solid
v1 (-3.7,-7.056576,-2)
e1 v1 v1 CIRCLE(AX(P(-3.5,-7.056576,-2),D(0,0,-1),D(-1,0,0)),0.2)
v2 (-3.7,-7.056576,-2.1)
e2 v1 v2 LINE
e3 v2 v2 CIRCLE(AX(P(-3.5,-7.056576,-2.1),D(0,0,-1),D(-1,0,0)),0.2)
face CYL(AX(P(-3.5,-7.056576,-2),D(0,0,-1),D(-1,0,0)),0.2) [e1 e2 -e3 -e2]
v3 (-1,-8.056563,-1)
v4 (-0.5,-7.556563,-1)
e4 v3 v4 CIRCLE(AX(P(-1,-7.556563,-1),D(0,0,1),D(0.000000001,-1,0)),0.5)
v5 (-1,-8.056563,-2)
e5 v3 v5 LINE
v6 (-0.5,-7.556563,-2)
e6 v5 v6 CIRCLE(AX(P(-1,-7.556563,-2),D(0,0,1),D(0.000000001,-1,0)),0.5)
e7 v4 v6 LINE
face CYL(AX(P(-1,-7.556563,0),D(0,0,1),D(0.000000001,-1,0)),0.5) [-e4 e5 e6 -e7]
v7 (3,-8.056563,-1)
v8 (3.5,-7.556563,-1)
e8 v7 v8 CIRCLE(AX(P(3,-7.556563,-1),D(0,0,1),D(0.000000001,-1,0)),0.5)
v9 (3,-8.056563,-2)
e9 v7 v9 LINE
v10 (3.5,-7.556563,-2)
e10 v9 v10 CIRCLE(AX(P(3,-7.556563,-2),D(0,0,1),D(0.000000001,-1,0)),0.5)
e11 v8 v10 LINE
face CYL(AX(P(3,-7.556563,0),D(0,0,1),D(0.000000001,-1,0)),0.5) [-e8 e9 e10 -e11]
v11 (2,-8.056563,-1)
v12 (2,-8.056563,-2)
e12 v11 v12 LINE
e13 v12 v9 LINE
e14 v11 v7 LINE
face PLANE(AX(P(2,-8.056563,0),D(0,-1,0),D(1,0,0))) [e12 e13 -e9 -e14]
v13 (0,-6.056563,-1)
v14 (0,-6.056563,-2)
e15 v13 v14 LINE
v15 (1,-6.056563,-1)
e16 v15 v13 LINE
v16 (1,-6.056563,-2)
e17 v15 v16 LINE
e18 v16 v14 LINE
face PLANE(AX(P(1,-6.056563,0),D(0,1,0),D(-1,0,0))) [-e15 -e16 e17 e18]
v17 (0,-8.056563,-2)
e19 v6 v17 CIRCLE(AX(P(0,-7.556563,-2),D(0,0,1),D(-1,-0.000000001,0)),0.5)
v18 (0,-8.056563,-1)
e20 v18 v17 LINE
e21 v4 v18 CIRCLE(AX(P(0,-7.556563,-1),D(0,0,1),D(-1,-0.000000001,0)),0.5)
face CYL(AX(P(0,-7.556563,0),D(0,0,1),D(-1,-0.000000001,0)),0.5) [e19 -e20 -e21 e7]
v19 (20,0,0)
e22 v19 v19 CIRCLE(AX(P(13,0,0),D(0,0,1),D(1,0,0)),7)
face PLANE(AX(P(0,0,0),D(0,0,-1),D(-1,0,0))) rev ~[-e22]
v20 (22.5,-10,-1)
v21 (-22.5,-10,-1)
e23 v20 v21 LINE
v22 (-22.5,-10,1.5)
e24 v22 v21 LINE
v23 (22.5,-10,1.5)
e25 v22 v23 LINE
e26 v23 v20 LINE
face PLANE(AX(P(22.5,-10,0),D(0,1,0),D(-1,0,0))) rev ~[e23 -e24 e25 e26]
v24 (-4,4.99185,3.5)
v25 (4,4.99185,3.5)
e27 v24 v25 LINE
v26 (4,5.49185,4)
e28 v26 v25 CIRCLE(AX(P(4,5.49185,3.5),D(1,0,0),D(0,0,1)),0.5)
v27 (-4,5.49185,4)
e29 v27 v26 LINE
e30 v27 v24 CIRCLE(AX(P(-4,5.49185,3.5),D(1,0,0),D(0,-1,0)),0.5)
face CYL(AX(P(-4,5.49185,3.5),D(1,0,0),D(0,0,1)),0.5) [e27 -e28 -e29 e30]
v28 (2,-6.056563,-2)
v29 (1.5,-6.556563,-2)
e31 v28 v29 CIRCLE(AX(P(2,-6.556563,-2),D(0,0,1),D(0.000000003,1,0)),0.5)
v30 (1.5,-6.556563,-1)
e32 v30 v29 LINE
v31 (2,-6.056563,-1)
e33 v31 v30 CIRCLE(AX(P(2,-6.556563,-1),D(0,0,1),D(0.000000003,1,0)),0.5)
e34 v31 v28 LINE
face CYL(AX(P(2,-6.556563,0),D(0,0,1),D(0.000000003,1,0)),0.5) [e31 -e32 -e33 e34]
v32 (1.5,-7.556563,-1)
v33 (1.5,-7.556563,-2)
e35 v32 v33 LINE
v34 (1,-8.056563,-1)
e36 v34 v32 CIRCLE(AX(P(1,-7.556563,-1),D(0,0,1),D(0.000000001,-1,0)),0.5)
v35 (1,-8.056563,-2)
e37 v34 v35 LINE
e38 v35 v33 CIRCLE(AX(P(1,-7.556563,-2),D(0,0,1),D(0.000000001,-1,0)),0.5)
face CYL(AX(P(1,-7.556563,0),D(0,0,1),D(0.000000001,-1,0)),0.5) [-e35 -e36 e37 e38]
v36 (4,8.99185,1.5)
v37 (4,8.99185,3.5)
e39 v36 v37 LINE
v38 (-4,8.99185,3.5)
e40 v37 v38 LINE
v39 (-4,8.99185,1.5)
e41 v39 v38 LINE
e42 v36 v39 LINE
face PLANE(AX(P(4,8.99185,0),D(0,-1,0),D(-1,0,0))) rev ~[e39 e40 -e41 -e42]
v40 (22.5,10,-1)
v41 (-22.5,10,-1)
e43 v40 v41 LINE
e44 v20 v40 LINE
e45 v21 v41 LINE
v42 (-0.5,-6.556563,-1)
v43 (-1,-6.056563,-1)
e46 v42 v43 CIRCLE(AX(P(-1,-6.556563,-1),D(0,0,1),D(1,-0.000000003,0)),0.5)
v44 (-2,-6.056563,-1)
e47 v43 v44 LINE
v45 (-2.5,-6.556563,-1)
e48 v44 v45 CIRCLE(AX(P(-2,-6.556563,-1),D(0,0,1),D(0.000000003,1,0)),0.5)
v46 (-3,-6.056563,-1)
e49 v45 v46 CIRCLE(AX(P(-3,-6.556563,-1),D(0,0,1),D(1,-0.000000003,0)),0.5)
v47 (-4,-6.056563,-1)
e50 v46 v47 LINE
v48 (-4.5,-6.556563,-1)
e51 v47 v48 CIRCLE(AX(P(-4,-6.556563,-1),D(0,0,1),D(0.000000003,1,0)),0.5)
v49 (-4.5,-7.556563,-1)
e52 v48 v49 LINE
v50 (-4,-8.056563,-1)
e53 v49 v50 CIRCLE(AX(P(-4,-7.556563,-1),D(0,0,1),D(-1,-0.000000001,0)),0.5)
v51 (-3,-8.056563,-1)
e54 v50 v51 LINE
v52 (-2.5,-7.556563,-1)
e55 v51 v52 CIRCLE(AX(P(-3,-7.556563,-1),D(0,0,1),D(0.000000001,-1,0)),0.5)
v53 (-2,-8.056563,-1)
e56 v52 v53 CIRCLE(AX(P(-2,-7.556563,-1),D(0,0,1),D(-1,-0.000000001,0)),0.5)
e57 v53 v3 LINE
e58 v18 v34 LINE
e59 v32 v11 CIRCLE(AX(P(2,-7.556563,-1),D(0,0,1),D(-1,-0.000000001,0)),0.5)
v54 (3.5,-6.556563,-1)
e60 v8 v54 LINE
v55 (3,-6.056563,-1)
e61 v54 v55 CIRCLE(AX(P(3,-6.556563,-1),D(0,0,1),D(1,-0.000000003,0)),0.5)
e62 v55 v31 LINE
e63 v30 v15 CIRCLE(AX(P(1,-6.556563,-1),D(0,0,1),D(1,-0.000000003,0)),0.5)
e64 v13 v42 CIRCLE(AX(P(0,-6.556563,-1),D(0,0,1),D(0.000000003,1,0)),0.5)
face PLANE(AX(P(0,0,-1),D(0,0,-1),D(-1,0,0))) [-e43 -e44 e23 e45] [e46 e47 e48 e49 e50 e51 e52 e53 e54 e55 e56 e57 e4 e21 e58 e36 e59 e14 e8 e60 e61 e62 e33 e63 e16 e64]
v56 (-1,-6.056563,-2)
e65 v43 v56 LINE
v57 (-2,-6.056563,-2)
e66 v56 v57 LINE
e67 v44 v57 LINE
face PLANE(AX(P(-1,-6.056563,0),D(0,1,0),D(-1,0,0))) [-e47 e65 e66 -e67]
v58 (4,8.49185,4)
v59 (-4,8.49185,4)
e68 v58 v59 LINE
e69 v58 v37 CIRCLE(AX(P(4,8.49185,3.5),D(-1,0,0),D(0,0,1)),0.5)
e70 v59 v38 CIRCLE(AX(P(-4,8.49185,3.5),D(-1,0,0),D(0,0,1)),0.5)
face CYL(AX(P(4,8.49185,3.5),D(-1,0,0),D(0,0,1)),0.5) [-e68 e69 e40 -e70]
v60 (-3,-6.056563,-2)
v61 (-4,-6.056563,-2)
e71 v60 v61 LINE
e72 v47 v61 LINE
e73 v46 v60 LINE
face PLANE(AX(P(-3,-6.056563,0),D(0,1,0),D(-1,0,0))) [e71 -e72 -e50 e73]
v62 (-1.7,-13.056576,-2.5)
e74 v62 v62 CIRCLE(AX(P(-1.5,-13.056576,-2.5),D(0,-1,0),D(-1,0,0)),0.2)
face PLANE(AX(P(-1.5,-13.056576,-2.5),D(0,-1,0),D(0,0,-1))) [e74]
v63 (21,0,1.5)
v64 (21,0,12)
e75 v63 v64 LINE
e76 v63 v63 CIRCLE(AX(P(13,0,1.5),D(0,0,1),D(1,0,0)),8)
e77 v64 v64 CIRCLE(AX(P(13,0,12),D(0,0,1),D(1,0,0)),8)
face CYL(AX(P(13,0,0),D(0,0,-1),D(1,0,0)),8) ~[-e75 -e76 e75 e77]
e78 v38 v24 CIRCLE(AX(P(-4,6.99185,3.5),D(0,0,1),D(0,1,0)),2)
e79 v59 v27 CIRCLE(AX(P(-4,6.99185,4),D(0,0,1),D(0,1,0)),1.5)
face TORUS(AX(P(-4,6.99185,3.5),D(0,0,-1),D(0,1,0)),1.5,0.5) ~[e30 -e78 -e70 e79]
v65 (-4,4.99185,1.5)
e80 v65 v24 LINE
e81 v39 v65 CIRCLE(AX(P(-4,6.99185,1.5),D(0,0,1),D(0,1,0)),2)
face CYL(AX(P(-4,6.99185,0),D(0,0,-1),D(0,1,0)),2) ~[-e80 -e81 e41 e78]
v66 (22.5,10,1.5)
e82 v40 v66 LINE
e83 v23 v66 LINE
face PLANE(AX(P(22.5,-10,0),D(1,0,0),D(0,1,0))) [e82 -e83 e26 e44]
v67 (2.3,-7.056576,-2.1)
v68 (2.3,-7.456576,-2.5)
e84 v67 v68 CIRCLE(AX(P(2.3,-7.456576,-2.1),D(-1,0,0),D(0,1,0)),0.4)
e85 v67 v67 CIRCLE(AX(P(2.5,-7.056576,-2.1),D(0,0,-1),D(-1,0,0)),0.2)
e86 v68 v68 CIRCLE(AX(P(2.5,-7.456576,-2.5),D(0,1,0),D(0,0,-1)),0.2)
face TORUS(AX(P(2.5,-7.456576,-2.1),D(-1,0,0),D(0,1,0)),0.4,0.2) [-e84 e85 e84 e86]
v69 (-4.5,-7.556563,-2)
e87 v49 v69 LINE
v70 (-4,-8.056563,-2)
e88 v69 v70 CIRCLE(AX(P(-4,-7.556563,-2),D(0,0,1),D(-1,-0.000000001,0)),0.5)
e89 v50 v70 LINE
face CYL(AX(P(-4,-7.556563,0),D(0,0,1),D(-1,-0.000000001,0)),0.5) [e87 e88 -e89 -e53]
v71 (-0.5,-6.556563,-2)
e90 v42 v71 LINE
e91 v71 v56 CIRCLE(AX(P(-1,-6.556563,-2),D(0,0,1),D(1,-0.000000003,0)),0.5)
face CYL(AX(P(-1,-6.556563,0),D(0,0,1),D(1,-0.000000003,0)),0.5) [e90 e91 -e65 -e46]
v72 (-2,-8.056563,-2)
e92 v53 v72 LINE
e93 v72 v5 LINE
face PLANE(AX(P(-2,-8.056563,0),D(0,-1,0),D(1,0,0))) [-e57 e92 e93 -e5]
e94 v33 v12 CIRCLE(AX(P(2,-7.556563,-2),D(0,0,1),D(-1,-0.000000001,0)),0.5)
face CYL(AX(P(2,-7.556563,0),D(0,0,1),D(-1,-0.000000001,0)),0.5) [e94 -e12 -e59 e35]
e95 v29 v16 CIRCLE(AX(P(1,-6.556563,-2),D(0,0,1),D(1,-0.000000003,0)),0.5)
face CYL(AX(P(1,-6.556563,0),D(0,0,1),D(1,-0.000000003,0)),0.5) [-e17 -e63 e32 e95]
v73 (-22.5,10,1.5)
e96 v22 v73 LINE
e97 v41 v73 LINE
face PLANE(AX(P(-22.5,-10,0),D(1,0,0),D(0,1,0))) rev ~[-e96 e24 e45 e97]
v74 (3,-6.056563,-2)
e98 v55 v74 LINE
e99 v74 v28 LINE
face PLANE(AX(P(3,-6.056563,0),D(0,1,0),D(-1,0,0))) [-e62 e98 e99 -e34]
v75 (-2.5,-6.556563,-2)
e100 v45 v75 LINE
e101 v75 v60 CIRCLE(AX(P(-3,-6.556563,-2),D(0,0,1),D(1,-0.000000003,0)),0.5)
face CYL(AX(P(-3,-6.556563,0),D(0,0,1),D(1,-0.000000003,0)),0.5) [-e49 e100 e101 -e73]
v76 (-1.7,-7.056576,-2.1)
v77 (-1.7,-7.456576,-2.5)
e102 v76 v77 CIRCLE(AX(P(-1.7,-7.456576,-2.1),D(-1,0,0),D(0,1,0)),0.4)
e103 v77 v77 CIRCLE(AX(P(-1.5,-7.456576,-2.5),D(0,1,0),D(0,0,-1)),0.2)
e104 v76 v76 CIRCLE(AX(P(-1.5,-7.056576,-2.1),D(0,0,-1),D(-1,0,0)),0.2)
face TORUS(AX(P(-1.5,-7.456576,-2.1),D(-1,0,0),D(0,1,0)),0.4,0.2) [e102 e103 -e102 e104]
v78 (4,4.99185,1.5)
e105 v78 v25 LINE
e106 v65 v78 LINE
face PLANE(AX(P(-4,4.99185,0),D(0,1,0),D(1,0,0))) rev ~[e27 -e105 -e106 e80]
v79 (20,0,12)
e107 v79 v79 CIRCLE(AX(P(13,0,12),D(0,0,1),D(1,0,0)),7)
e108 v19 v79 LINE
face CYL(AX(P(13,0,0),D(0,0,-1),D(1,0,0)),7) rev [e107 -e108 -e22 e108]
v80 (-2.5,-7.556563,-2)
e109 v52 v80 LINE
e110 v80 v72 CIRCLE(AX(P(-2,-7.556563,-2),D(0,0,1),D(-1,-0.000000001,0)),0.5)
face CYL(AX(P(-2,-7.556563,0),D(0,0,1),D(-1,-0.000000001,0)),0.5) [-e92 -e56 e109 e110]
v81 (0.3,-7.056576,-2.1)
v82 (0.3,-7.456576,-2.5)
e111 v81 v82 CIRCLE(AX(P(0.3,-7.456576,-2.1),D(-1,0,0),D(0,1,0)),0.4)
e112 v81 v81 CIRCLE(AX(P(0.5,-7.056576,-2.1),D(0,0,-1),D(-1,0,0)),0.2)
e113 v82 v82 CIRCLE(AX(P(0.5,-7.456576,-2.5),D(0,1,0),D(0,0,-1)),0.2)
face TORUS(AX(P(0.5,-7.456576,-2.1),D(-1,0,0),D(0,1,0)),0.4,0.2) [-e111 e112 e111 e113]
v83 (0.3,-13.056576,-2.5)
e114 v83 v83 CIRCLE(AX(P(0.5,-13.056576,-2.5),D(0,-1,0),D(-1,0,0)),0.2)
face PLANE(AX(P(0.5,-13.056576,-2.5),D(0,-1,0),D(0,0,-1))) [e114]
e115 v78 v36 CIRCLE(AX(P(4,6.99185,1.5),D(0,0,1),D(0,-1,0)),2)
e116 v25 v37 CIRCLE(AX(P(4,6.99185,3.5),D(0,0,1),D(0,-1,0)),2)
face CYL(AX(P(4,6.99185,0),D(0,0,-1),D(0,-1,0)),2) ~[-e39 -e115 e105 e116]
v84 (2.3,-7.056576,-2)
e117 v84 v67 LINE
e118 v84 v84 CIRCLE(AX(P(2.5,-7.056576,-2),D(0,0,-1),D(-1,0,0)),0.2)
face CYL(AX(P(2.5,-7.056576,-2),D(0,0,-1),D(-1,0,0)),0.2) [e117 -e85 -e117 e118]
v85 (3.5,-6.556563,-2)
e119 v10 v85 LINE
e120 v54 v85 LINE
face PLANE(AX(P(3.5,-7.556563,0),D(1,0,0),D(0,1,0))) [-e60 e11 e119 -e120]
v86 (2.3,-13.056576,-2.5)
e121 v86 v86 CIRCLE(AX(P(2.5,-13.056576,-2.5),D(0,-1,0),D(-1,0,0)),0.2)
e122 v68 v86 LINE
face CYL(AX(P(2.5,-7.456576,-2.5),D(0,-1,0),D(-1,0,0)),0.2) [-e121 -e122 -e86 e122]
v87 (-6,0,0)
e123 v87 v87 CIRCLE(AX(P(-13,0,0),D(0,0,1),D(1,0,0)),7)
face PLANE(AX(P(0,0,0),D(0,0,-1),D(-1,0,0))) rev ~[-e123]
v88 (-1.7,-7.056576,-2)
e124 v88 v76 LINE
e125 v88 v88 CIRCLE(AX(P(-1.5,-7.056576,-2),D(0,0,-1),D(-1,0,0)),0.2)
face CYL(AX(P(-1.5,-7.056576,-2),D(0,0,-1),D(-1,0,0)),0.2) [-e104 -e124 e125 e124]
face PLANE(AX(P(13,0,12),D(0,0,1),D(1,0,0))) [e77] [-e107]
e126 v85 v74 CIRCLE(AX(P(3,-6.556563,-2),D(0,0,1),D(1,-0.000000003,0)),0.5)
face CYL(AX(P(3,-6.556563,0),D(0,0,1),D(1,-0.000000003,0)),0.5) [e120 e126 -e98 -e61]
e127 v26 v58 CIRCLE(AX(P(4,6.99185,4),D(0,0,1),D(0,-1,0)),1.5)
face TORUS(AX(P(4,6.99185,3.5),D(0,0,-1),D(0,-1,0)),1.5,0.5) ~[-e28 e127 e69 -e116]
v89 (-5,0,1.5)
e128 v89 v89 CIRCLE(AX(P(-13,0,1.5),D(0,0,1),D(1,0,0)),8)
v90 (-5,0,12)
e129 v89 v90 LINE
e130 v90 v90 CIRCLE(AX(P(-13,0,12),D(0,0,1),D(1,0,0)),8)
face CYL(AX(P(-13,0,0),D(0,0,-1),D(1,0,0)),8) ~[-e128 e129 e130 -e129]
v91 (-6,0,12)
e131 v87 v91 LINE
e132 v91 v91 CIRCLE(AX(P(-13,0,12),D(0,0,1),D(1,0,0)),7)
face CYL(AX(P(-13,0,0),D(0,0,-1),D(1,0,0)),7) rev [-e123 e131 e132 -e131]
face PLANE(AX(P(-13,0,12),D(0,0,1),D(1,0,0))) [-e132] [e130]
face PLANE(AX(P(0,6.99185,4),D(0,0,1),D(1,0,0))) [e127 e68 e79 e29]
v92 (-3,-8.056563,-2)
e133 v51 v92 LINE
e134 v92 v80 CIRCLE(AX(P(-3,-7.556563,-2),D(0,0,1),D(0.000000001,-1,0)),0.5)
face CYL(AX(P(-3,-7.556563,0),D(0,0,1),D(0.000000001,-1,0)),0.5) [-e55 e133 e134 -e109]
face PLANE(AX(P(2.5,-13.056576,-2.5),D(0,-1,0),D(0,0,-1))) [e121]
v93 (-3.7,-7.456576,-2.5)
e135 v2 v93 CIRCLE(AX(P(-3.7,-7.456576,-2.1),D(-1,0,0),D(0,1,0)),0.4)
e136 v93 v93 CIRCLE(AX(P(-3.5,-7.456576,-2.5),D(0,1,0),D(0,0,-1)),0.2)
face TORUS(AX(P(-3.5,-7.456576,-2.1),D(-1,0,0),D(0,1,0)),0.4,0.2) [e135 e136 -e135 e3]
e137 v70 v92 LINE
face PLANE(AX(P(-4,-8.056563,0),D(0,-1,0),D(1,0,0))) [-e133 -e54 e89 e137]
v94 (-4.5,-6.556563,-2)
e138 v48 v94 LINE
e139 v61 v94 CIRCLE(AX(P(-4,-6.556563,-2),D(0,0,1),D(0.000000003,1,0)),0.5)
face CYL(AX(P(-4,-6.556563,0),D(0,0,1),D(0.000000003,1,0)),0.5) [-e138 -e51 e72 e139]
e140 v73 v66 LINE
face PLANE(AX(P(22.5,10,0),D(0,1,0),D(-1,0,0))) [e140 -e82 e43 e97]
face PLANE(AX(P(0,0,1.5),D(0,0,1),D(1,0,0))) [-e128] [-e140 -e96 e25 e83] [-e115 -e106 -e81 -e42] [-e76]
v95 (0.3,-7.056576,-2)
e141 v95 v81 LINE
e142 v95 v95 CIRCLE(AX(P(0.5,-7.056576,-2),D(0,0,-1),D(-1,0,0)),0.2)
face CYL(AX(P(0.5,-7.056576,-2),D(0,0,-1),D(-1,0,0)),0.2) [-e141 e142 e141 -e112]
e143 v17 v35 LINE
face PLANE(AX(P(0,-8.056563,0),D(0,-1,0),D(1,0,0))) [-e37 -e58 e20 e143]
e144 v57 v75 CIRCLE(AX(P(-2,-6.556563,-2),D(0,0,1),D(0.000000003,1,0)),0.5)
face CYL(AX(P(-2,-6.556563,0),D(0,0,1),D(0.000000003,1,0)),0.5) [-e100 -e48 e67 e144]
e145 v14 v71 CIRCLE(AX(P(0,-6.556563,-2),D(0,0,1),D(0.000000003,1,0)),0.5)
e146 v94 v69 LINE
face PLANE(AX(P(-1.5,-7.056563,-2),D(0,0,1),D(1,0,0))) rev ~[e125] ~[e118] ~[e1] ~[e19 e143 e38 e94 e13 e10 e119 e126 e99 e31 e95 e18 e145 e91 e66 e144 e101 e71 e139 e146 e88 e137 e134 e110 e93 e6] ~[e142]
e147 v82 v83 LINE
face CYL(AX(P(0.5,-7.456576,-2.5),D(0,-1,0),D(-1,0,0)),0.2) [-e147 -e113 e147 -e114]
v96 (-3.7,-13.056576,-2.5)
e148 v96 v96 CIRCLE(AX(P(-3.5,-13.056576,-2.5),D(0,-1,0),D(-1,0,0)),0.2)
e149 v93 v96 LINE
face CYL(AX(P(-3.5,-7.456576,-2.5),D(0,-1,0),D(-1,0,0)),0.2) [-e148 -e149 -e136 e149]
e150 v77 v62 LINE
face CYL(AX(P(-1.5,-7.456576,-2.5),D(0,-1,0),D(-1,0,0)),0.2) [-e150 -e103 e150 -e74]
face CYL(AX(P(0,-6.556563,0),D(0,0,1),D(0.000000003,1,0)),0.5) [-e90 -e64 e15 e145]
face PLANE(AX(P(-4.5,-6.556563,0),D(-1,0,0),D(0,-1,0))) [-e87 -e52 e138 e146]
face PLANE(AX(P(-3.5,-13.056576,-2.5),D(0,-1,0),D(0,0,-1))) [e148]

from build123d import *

# Parameters (mm, degrees)
SKETCH1_R             = 8
SKETCH1_R_2           = 7
BOSS_EXTRUDE1_DEPTH   = 12
BOSS_EXTRUDE1_2_DEPTH = 12
SKETCH1_4_W           = 45
SKETCH1_4_H           = 20
SKETCH1_4_R           = 8
BOSS_EXTRUDE2_DEPTH   = 1.5
BOSS_EXTRUDE3_DEPTH   = 4
FILLET1_R             = 0.5
BOSS_EXTRUDE5_DEPTH   = 2
LPATTERN1_COUNT       = 4
LPATTERN1_PITCH       = 2
SKETCH10_R            = 0.2
LPATTERN2_COUNT       = 4
LPATTERN2_PITCH       = 2
SKETCH11_W            = 45
SKETCH11_H            = 20
BOSS_EXTRUDE6_DEPTH   = 1


with BuildPart() as part:
    # Sketch1 → Boss-Extrude1 (new body)
    with BuildSketch(Plane.XY):
        with Locations((13, 0)):
            Circle(SKETCH1_R)
        with Locations((13, 0)):
            Circle(SKETCH1_R_2, mode=Mode.SUBTRACT)
    extrude(amount=BOSS_EXTRUDE1_DEPTH)



with BuildPart() as body_2:
    # Sketch1 → Boss-Extrude1 2 (new body)
    with BuildSketch(Plane.XY):
        with Locations((-13, 0)):
            Circle(SKETCH1_R)
        with Locations((-13, 0)):
            Circle(SKETCH1_R_2, mode=Mode.SUBTRACT)
    extrude(amount=BOSS_EXTRUDE1_2_DEPTH)


with BuildPart() as part_1:
    add(part.part)

    add(body_2.part)  # Boss-Extrude2 merges body 2
    # Sketch1<4> → Boss-Extrude2 (add)
    with BuildSketch(Plane.XY):
        Rectangle(SKETCH1_4_W, SKETCH1_4_H)
        with Locations((-13, 0)):
            Circle(SKETCH1_4_R, mode=Mode.SUBTRACT)
        with Locations((13, 0)):
            Circle(SKETCH1_4_R, mode=Mode.SUBTRACT)
        with BuildLine():
            ThreePointArc((-4, 4.991849634), (-6, 6.991849634), (-4, 8.991849634))
            Line((-4, 8.991849634), (4, 8.991849634))
            ThreePointArc((4, 8.991849634), (6, 6.991849634), (4, 4.991849634))
            Line((4, 4.991849634), (-4, 4.991849634))
        make_face(mode=Mode.SUBTRACT)
    extrude(amount=BOSS_EXTRUDE2_DEPTH)

    # Sketch1<5> → Boss-Extrude3 (add)
    with BuildSketch(Plane.XY):
        with BuildLine():
            Line((4, 8.991849634), (-4, 8.991849634))
            ThreePointArc((-4, 8.991849634), (-6, 6.991849634), (-4, 4.991849634))
            Line((-4, 4.991849634), (4, 4.991849634))
            ThreePointArc((4, 4.991849634), (6, 6.991849634), (4, 8.991849634))
        make_face()
    extrude(amount=BOSS_EXTRUDE3_DEPTH)

    # Fillet1
    fillet1_edges = [part_1.edges().sort_by_distance(p)[0] for p in [
        (-6, 6.991849634, 4),
        (0, 4.991849634, 4),
        (6, 6.991849634, 4),
        (0, 8.991849634, 4),
    ]]
    fillet(fillet1_edges, radius=FILLET1_R)

    # Sketch2 → Boss-Extrude5 (add)
    with BuildSketch(Plane(origin=(0, 0, 0), x_dir=(-1, 0, 0), z_dir=(0, 0, -1))):
        with BuildLine():
            Line((3, -6.05656326), (4, -6.05656326))
            ThreePointArc((4, -6.05656326), (4.353553391, -6.203009869), (4.5, -6.55656326))
            Line((4.5, -6.55656326), (4.5, -7.55656326))
            ThreePointArc((4.5, -7.55656326), (4.353553391, -7.91011665), (4, -8.05656326))
            Line((4, -8.05656326), (3, -8.05656326))
            ThreePointArc((3, -8.05656326), (2.646446609, -7.91011665), (2.5, -7.55656326))
            Line((2.5, -7.55656326), (2.5, -6.55656326))
            ThreePointArc((2.5, -6.55656326), (2.646446609, -6.203009869), (3, -6.05656326))
        make_face()
    boss_extrude5 = extrude(amount=BOSS_EXTRUDE5_DEPTH)

    # LPattern1: Boss-Extrude5 ×4
    with Locations(*[(i * LPATTERN1_PITCH, 0, 0) for i in range(1, LPATTERN1_COUNT)]):
        add(boss_extrude5)

    # Sweep1: sweep along a path in Sketch9
    with BuildLine(Plane(origin=(2.5, 0, 0), x_dir=(0, 0, -1), z_dir=(1, 0, 0))) as sweep1_path:
        Line((2, -7.056575607), (2.1, -7.056575607))
        ThreePointArc((2.1, -7.056575607), (2.382842712, -7.173732894), (2.5, -7.456575607))
        Line((2.5, -7.456575607), (2.5, -13.056575607))
    # Sketch10 → Sweep1 (sweep)
    with BuildSketch(Plane(origin=(0, 0, -2), x_dir=(-1, 0, 0), z_dir=(0, 0, -1))):
        with Locations((-2.5, -7.056575607)):
            Circle(SKETCH10_R)
    sweep1 = sweep(path=sweep1_path.line)

    # LPattern2: Sweep1 ×4
    with Locations(*[(-i * LPATTERN2_PITCH, 0, 0) for i in range(1, LPATTERN2_COUNT)]):
        add(sweep1)

    # Sketch11 → Boss-Extrude6 (add)
    with BuildSketch(Plane(origin=(0, 0, 0), x_dir=(-1, 0, 0), z_dir=(0, 0, -1))):
        Rectangle(SKETCH11_W, SKETCH11_H)
    extrude(amount=BOSS_EXTRUDE6_DEPTH)


solid = part_1.part
